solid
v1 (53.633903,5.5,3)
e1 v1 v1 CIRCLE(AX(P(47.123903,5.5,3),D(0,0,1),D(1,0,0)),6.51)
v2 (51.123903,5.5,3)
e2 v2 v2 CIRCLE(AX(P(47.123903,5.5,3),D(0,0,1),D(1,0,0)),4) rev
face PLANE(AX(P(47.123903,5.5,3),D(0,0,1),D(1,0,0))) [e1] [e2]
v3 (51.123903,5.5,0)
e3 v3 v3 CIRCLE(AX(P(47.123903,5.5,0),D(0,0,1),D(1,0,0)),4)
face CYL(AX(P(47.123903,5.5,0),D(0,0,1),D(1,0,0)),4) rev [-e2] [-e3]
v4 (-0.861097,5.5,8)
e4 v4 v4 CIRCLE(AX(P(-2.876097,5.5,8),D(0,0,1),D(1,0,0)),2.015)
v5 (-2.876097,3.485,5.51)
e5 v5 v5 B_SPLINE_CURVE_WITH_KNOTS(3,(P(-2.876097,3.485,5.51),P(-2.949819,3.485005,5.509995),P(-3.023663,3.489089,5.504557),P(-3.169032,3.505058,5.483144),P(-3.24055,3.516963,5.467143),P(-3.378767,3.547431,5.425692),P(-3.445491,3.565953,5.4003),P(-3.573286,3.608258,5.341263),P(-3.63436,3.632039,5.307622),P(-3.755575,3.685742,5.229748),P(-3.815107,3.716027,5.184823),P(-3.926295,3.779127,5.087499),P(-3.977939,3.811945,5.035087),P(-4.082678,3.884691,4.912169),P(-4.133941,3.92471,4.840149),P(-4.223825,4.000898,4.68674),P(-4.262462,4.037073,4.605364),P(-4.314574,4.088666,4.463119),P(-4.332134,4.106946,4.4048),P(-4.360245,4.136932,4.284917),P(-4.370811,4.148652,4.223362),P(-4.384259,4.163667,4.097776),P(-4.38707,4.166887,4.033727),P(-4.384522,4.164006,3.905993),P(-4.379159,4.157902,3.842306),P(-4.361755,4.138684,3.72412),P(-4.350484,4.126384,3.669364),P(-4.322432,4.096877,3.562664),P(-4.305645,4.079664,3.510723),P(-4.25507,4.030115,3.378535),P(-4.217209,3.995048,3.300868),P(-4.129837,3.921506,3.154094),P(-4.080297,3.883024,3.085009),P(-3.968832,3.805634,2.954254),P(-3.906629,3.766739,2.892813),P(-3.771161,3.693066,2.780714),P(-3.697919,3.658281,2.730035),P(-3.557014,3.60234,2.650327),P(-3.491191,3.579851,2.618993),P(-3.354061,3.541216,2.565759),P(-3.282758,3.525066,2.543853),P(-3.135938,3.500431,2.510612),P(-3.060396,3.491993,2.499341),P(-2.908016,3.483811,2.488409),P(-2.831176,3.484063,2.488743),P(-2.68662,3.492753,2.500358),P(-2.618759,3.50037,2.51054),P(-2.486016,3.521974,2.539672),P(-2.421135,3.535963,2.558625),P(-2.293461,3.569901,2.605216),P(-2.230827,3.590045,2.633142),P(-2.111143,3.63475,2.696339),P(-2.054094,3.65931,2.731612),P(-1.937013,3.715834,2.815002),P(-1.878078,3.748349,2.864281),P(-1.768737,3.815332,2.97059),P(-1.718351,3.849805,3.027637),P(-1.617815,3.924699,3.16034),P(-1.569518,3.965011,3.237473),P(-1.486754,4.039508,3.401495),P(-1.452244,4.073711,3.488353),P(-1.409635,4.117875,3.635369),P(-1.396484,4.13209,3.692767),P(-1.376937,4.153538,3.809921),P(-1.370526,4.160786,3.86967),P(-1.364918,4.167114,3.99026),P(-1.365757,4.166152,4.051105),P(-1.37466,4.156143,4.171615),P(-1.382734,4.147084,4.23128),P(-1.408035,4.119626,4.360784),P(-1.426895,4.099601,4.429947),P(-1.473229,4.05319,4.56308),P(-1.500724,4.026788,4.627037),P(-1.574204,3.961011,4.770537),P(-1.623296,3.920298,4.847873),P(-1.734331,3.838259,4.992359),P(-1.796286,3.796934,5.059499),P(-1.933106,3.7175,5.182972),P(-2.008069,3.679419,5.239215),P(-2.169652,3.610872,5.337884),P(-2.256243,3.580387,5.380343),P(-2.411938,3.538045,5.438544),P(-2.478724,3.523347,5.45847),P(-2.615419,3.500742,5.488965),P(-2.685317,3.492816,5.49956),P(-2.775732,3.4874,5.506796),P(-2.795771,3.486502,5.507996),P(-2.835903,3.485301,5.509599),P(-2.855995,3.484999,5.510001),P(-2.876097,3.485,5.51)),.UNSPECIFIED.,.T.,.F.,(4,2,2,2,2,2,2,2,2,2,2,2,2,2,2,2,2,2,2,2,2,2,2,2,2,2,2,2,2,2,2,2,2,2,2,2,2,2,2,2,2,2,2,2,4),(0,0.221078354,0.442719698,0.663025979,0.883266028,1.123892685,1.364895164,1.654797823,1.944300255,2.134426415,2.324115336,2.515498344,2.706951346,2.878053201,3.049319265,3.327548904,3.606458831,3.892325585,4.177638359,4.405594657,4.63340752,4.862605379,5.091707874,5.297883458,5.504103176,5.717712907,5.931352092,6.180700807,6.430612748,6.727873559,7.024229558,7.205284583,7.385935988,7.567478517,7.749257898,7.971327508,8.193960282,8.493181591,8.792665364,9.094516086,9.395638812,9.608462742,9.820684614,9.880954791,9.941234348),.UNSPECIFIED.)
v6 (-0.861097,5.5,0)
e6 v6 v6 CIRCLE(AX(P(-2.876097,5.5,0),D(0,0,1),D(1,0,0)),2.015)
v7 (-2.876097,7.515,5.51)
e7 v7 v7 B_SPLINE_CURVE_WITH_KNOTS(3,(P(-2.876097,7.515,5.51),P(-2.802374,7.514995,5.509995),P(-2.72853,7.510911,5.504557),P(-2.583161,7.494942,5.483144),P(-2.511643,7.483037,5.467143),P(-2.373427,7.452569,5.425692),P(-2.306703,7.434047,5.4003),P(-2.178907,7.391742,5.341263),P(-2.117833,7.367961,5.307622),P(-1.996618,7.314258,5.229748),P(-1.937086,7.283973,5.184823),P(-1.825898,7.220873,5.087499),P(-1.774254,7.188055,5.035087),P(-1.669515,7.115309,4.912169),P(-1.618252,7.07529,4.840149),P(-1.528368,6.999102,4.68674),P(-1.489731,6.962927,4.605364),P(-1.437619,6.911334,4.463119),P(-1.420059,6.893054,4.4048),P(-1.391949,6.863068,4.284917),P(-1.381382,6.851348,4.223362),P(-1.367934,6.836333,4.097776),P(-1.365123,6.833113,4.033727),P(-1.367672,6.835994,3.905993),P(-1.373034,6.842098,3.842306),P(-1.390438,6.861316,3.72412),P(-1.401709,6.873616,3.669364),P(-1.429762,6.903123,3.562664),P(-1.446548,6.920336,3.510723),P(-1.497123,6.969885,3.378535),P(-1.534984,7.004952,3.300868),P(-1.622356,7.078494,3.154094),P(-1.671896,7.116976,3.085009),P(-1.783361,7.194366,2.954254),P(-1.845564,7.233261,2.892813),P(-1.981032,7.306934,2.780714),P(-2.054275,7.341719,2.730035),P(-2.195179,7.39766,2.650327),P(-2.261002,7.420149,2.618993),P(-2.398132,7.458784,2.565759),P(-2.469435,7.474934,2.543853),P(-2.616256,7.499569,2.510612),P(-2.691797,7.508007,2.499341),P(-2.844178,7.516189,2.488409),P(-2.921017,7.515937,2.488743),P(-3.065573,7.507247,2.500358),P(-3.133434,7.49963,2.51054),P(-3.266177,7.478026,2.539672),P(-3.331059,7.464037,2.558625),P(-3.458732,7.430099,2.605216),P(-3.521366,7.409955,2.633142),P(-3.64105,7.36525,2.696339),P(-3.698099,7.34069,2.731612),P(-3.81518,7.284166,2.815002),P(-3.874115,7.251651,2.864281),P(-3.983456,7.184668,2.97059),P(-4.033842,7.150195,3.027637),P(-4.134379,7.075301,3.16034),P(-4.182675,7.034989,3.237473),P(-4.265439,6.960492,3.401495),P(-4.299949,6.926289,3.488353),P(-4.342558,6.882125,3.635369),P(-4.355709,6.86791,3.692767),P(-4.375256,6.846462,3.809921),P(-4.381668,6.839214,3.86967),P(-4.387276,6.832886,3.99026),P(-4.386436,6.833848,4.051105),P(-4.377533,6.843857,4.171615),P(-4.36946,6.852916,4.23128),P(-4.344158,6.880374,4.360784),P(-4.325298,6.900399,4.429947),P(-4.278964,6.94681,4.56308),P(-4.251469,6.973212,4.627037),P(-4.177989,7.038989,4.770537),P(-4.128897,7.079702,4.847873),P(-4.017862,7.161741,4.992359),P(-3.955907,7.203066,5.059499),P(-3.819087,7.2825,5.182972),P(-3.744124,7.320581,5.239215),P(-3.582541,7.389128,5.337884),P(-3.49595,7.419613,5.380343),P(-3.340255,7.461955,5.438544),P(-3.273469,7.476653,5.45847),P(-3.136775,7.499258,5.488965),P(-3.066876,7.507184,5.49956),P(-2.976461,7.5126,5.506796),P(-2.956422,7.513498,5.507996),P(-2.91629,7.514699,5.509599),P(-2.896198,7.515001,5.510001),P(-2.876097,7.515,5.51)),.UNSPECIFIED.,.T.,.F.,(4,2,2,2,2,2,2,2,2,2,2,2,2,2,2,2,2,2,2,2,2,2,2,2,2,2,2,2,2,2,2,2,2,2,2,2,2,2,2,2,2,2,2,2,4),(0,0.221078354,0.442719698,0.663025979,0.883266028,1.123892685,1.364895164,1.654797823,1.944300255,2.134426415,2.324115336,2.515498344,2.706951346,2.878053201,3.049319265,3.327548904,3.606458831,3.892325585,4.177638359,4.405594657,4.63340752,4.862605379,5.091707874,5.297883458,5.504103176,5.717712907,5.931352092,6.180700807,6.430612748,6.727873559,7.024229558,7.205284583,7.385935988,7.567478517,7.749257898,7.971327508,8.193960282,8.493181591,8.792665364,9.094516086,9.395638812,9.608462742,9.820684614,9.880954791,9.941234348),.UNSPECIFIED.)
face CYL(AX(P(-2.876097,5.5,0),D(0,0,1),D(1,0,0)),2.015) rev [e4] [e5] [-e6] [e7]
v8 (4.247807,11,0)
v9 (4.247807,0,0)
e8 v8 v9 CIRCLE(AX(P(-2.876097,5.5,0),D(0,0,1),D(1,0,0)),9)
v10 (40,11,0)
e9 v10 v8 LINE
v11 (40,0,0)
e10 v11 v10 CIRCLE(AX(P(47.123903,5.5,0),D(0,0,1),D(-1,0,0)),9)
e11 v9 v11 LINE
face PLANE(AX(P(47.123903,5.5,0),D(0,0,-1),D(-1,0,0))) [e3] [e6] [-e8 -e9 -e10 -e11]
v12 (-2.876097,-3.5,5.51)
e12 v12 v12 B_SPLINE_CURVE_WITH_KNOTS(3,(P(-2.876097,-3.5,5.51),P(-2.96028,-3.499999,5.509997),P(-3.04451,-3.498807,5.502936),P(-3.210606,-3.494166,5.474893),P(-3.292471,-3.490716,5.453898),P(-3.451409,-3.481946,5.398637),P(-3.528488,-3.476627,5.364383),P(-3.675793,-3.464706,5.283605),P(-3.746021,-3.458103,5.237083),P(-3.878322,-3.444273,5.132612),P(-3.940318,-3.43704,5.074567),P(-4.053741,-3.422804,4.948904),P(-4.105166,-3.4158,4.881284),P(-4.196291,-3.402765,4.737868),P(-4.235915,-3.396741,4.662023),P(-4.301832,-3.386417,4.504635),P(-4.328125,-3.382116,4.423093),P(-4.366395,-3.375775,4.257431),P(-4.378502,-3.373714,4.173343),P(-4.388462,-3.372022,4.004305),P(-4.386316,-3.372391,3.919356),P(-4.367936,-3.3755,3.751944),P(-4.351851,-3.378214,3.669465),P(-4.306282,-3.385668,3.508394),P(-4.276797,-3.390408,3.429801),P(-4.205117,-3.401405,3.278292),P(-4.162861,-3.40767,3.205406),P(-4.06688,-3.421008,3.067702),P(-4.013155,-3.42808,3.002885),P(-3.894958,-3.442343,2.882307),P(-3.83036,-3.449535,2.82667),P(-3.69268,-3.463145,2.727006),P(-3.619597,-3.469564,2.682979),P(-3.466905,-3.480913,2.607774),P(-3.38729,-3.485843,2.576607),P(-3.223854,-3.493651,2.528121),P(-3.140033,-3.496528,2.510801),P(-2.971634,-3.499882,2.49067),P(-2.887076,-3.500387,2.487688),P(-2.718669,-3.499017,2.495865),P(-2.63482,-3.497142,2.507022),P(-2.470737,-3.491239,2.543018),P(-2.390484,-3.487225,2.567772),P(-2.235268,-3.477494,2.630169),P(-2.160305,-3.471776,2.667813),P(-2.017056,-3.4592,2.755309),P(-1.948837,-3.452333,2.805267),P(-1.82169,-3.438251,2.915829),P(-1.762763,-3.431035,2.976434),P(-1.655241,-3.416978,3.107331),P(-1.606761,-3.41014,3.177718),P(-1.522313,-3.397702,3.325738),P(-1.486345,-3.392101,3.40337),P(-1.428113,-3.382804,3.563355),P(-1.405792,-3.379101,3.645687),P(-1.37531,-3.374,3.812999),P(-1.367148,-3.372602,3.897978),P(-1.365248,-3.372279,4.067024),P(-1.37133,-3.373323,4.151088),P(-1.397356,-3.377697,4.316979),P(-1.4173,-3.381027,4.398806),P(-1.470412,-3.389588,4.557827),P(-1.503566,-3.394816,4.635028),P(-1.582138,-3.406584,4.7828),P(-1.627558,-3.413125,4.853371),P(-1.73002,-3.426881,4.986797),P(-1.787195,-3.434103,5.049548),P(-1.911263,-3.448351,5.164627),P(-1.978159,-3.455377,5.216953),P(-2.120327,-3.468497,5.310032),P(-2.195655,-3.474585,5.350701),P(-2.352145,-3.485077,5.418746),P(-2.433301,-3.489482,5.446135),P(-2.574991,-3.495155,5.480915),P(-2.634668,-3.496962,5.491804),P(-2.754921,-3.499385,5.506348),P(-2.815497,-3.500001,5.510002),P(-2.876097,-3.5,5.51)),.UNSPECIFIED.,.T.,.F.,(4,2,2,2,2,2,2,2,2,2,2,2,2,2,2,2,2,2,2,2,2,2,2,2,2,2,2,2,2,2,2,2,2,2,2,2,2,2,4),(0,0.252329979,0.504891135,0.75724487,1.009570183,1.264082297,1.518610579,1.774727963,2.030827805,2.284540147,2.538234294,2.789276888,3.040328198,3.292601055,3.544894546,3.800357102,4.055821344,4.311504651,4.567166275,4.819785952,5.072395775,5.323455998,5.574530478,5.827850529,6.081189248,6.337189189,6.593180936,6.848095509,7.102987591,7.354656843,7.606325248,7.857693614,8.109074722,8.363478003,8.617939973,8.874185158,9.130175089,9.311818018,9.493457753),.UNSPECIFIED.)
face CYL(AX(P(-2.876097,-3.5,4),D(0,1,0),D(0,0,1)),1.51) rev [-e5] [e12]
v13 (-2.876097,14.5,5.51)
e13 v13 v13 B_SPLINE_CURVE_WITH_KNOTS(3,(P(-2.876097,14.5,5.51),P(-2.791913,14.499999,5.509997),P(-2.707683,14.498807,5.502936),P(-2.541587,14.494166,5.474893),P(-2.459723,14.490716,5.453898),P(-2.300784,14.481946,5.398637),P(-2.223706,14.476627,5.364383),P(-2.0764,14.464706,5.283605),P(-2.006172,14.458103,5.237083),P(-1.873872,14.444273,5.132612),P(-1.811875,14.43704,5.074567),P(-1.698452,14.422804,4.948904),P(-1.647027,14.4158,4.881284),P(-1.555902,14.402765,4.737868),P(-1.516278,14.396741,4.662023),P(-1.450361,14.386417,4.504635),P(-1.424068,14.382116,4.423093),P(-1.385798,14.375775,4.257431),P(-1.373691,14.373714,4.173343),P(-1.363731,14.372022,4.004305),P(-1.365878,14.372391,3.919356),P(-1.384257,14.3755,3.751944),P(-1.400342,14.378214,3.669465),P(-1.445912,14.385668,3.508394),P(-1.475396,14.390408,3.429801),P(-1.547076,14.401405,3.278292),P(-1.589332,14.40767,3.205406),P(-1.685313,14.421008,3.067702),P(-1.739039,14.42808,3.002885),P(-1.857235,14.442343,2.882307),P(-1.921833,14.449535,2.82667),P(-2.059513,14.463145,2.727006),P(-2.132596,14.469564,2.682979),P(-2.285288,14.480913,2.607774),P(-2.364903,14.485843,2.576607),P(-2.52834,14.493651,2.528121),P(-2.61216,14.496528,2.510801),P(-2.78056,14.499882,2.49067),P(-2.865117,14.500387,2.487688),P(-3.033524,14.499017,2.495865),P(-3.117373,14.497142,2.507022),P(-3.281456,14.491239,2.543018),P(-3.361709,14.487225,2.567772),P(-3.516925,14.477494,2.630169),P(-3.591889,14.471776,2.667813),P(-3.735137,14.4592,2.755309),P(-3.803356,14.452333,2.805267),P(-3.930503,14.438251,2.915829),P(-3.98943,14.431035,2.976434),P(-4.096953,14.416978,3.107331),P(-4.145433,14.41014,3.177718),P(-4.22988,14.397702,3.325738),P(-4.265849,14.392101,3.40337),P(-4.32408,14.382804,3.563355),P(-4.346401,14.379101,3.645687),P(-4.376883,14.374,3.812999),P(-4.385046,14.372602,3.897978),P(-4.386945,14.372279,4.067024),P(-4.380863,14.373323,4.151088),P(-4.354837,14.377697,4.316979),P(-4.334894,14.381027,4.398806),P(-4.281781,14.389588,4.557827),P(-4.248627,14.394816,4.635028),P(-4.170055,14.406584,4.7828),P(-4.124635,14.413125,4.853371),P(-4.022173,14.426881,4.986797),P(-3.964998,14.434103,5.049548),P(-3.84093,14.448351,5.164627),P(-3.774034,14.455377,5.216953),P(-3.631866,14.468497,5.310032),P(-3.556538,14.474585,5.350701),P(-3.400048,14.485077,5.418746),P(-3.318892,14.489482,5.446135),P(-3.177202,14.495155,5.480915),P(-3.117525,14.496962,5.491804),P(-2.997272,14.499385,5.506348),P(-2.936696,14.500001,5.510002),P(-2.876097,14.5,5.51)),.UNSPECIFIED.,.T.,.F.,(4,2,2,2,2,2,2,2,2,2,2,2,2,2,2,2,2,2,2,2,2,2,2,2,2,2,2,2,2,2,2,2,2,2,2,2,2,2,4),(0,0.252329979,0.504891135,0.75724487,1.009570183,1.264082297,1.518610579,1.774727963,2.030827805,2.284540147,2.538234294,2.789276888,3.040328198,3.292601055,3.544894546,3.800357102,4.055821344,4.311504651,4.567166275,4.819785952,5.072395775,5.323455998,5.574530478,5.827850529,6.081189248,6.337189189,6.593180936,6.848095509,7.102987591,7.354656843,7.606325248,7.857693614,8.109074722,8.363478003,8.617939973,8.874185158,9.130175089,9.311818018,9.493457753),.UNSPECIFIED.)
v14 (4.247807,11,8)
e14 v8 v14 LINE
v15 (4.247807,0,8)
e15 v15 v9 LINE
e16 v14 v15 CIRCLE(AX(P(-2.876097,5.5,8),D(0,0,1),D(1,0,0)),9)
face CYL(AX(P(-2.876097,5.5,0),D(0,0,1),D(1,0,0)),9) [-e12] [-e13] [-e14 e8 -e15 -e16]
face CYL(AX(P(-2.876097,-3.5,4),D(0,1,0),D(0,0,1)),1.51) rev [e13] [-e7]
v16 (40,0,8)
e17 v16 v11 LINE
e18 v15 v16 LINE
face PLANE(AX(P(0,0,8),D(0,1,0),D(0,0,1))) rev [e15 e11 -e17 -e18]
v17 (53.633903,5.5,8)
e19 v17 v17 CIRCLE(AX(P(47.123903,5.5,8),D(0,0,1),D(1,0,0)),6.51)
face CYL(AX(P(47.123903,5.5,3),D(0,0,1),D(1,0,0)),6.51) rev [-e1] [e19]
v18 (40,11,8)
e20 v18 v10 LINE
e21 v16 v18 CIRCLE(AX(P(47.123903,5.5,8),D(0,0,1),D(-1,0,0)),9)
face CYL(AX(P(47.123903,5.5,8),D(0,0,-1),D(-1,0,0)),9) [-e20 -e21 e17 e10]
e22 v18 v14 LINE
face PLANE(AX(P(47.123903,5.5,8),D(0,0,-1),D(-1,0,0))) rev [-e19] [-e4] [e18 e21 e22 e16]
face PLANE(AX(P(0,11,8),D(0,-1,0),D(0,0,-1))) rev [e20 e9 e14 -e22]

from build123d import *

# Parameters (mm, degrees)
BOSS_EXTRUDE1_DEPTH      = 8
SKETCH3_R                = 4
CUT_EXTRUDE1_DEPTH       = 59.516173282
SKETCH4_R                = 6.51
CUT_EXTRUDE2_DEPTH       = 5
SKETCH12_R               = 9
BOSS_EXTRUDE2_DEPTH      = 8
SKETCH13_R               = 2.015
CUT_EXTRUDE8_DEPTH       = 59.516173282
CUT_EXTRUDE10_DEPTH      = 58.40115448
CUT_EXTRUDE10_DEPTH_BACK = 58.40115448
SKETCH14_R               = 1.51


with BuildPart() as part:
    # Sketch1 → Boss-Extrude1 (new body)
    with BuildSketch(Plane.XY):
        with BuildLine():
            Line((0, 0), (40, 0))
            ThreePointArc((40, 0), (56.123903424, 5.5), (40, 11))
            Line((40, 11), (0, 11))
            Line((0, 11), (0, 0))
        make_face()
    extrude(amount=BOSS_EXTRUDE1_DEPTH)

    # Sketch3 → Cut-Extrude1 (cut, through all)
    with BuildSketch(Plane.XY.offset(8)):
        with Locations((47.123903424, 5.5)):
            Circle(SKETCH3_R)
    extrude(amount=-CUT_EXTRUDE1_DEPTH, mode=Mode.SUBTRACT)

    # Sketch4 → Cut-Extrude2 (cut)
    with BuildSketch(Plane.XY.offset(8)):
        with Locations((47.123903424, 5.5)):
            Circle(SKETCH4_R)
    extrude(amount=-CUT_EXTRUDE2_DEPTH, mode=Mode.SUBTRACT)

    # Sketch12 → Boss-Extrude2 (add)
    with BuildSketch(Plane.XY.offset(8)):
        with Locations((-2.876096576, 5.5)):
            Circle(SKETCH12_R)
    extrude(amount=-BOSS_EXTRUDE2_DEPTH)

    # Sketch13 → Cut-Extrude8 (cut, through all)
    with BuildSketch(Plane.XY.offset(8)):
        with Locations((-2.876096576, 5.5)):
            Circle(SKETCH13_R)
    extrude(amount=-CUT_EXTRUDE8_DEPTH, mode=Mode.SUBTRACT)

    # Sketch14 → Cut-Extrude10 (cut, two sides: drawn at the far end of the back side and taken through both)
    with BuildSketch(Plane(origin=(0, 5.5, 0), x_dir=(1, 0, 0), z_dir=(0, 1, 0)).offset(-CUT_EXTRUDE10_DEPTH_BACK)):
        with Locations(Location((-2.876096576, -4, 0), (0, 0, 270))):
            Circle(SKETCH14_R)
    extrude(amount=CUT_EXTRUDE10_DEPTH + CUT_EXTRUDE10_DEPTH_BACK, mode=Mode.SUBTRACT)


solid = part.part
